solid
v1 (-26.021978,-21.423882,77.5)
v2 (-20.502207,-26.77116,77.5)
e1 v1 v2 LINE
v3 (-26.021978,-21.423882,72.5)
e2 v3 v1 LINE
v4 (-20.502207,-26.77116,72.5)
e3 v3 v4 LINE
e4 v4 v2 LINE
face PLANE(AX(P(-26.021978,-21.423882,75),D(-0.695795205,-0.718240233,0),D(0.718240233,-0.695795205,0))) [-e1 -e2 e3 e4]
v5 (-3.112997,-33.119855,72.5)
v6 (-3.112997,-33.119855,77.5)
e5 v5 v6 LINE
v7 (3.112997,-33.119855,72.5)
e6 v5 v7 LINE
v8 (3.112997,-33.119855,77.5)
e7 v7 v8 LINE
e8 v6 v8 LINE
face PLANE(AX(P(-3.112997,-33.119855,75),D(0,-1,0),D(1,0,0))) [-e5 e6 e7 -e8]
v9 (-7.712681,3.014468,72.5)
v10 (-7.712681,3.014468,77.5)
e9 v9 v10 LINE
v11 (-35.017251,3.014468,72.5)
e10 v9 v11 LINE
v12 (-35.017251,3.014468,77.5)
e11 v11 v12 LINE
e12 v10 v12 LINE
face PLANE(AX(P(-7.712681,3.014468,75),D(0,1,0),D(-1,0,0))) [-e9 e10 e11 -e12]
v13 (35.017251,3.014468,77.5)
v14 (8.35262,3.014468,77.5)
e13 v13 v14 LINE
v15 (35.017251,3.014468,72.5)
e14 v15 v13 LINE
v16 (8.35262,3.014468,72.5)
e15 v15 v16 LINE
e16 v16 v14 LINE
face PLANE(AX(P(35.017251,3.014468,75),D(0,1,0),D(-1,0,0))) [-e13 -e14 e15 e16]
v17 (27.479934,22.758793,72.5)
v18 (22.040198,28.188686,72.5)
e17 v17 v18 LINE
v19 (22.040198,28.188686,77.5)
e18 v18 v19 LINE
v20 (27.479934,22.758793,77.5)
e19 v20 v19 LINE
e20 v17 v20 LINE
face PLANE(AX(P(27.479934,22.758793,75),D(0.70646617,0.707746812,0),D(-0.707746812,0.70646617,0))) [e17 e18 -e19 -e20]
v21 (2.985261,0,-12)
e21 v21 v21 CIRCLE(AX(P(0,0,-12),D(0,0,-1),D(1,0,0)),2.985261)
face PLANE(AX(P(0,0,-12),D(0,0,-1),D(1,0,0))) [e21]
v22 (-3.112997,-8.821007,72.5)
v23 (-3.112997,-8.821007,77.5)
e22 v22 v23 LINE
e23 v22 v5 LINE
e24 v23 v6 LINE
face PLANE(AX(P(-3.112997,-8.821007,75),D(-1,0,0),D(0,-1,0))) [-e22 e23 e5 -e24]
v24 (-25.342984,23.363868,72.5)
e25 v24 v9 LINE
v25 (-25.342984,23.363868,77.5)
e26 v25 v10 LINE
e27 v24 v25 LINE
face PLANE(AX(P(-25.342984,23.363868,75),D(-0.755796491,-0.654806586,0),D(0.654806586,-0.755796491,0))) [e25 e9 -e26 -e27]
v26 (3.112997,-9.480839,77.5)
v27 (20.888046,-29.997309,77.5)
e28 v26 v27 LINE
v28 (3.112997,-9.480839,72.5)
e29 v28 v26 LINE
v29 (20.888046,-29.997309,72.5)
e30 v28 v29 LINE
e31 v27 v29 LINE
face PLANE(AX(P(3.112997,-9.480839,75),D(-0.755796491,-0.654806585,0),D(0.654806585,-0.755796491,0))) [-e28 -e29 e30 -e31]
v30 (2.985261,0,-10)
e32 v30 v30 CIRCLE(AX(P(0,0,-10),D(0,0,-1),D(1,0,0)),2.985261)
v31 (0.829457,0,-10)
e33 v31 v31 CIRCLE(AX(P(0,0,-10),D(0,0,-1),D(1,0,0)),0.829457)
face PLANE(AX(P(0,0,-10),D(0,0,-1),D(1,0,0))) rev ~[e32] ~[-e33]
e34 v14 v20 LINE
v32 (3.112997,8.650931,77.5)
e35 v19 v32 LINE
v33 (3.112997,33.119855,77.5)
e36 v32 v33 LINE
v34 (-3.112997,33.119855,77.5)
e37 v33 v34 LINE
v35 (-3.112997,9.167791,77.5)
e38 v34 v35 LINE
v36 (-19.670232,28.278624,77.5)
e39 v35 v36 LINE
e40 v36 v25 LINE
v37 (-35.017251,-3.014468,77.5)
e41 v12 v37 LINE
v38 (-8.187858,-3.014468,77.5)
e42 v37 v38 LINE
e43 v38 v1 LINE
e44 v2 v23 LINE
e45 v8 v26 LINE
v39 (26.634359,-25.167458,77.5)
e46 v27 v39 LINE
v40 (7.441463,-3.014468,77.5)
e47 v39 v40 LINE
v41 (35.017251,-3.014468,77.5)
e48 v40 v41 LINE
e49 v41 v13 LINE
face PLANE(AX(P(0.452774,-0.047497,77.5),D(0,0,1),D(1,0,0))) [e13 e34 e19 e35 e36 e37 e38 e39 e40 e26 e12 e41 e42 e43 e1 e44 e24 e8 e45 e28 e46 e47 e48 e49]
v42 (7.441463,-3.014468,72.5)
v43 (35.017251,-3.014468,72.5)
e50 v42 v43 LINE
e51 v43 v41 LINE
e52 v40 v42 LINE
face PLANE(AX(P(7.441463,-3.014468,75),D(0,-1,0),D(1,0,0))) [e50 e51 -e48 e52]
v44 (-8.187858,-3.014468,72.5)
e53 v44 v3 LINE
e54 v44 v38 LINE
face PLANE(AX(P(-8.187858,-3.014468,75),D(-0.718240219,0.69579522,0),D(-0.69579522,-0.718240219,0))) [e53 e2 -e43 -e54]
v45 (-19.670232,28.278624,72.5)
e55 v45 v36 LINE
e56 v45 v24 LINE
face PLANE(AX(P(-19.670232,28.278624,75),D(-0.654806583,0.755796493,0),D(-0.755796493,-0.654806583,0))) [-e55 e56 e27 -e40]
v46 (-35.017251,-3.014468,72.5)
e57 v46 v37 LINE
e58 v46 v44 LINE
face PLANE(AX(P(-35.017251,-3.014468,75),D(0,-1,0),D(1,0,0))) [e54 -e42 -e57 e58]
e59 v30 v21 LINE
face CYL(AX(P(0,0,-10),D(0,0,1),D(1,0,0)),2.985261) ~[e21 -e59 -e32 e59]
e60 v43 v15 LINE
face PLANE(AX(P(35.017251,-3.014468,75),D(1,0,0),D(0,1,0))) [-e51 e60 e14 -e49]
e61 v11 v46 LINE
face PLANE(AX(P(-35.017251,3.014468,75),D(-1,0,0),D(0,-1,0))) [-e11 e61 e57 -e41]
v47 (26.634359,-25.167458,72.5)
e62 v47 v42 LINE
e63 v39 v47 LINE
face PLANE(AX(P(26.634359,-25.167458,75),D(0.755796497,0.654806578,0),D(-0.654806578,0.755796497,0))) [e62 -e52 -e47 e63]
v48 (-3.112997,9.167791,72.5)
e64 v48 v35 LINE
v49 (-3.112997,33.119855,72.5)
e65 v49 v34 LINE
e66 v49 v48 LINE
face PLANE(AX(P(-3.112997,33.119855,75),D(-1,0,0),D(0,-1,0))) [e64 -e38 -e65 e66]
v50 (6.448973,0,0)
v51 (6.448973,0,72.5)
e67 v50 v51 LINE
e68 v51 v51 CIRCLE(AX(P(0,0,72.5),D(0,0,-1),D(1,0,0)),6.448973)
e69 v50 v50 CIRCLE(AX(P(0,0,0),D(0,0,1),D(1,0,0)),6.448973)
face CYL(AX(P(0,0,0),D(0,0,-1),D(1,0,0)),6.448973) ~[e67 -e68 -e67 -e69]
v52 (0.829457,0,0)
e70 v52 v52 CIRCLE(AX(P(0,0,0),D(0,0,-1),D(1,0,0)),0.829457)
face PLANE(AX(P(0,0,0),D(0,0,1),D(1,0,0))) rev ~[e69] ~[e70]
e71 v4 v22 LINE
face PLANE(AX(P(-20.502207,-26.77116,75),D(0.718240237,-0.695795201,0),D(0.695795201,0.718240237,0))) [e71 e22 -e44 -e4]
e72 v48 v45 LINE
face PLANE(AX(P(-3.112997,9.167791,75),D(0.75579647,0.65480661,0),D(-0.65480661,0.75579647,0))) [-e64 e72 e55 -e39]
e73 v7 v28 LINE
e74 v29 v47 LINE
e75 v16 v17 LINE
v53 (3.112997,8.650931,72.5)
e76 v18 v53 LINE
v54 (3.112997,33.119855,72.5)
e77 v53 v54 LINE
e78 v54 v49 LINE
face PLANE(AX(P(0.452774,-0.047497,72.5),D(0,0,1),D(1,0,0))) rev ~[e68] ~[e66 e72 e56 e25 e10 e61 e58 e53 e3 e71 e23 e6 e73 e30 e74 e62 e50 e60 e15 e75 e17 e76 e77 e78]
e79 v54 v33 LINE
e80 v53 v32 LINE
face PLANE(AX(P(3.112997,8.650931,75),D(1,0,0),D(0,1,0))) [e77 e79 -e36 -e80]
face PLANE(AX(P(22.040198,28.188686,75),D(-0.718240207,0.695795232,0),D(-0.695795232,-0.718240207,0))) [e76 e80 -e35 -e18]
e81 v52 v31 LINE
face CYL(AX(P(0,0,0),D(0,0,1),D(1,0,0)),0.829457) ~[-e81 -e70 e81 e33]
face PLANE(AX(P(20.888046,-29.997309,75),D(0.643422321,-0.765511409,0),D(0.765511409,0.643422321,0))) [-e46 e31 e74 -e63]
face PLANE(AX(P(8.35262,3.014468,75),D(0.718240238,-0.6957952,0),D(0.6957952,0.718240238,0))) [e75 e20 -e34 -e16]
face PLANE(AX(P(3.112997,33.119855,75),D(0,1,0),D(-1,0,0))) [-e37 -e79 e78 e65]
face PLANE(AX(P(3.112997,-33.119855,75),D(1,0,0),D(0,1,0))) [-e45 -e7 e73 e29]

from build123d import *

# Parameters (mm, degrees)
F0_R     = 6.448973
F1_DEPTH = 75
F3_DEPTH = 2.5
F4_R     = 0.829457
F5_DEPTH = 10
F6_R     = 2.985261
F7_DEPTH = 2


with BuildPart() as f1:
    # F0 (on Top) → F1 (new body)
    with BuildSketch(Plane.XY):
        Circle(F0_R)
    extrude(amount=F1_DEPTH)

    # F2 (on face) → F3 (join, symmetric)
    with BuildSketch(Plane.XY.offset(75)):
        Polygon((7.441463, -3.014468), (35.017251, -3.014468), (35.017251, 3.014468), (8.35262, 3.014468), (27.479934, 22.758793), (22.040198, 28.188686), (3.112997, 8.650931), (3.112997, 33.119855), (-3.112997, 33.119855), (-3.112997, 9.167791), (-19.670232, 28.278624), (-25.342984, 23.363868), (-7.712681, 3.014468), (-35.017251, 3.014468), (-35.017251, -3.014468), (-8.187858, -3.014468), (-26.021978, -21.423882), (-20.502207, -26.77116), (-3.112997, -8.821007), (-3.112997, -33.119855), (3.112997, -33.119855), (3.112997, -9.480839), (20.888046, -29.997309), (26.634359, -25.167458), align=None)
    extrude(amount=F3_DEPTH, both=True)

    # F4 (on face) → F5 (join)
    with BuildSketch(Plane(origin=(0, 0, 0), x_dir=(1, 0, 0), z_dir=(0, 0, -1))):
        Circle(F4_R)
    extrude(amount=F5_DEPTH)

    # F6 (on face) → F7 (join)
    with BuildSketch(Plane(origin=(0, 0, -10), x_dir=(1, 0, 0), z_dir=(0, 0, -1))):
        Circle(F6_R)
    extrude(amount=F7_DEPTH)


solid = f1.part
